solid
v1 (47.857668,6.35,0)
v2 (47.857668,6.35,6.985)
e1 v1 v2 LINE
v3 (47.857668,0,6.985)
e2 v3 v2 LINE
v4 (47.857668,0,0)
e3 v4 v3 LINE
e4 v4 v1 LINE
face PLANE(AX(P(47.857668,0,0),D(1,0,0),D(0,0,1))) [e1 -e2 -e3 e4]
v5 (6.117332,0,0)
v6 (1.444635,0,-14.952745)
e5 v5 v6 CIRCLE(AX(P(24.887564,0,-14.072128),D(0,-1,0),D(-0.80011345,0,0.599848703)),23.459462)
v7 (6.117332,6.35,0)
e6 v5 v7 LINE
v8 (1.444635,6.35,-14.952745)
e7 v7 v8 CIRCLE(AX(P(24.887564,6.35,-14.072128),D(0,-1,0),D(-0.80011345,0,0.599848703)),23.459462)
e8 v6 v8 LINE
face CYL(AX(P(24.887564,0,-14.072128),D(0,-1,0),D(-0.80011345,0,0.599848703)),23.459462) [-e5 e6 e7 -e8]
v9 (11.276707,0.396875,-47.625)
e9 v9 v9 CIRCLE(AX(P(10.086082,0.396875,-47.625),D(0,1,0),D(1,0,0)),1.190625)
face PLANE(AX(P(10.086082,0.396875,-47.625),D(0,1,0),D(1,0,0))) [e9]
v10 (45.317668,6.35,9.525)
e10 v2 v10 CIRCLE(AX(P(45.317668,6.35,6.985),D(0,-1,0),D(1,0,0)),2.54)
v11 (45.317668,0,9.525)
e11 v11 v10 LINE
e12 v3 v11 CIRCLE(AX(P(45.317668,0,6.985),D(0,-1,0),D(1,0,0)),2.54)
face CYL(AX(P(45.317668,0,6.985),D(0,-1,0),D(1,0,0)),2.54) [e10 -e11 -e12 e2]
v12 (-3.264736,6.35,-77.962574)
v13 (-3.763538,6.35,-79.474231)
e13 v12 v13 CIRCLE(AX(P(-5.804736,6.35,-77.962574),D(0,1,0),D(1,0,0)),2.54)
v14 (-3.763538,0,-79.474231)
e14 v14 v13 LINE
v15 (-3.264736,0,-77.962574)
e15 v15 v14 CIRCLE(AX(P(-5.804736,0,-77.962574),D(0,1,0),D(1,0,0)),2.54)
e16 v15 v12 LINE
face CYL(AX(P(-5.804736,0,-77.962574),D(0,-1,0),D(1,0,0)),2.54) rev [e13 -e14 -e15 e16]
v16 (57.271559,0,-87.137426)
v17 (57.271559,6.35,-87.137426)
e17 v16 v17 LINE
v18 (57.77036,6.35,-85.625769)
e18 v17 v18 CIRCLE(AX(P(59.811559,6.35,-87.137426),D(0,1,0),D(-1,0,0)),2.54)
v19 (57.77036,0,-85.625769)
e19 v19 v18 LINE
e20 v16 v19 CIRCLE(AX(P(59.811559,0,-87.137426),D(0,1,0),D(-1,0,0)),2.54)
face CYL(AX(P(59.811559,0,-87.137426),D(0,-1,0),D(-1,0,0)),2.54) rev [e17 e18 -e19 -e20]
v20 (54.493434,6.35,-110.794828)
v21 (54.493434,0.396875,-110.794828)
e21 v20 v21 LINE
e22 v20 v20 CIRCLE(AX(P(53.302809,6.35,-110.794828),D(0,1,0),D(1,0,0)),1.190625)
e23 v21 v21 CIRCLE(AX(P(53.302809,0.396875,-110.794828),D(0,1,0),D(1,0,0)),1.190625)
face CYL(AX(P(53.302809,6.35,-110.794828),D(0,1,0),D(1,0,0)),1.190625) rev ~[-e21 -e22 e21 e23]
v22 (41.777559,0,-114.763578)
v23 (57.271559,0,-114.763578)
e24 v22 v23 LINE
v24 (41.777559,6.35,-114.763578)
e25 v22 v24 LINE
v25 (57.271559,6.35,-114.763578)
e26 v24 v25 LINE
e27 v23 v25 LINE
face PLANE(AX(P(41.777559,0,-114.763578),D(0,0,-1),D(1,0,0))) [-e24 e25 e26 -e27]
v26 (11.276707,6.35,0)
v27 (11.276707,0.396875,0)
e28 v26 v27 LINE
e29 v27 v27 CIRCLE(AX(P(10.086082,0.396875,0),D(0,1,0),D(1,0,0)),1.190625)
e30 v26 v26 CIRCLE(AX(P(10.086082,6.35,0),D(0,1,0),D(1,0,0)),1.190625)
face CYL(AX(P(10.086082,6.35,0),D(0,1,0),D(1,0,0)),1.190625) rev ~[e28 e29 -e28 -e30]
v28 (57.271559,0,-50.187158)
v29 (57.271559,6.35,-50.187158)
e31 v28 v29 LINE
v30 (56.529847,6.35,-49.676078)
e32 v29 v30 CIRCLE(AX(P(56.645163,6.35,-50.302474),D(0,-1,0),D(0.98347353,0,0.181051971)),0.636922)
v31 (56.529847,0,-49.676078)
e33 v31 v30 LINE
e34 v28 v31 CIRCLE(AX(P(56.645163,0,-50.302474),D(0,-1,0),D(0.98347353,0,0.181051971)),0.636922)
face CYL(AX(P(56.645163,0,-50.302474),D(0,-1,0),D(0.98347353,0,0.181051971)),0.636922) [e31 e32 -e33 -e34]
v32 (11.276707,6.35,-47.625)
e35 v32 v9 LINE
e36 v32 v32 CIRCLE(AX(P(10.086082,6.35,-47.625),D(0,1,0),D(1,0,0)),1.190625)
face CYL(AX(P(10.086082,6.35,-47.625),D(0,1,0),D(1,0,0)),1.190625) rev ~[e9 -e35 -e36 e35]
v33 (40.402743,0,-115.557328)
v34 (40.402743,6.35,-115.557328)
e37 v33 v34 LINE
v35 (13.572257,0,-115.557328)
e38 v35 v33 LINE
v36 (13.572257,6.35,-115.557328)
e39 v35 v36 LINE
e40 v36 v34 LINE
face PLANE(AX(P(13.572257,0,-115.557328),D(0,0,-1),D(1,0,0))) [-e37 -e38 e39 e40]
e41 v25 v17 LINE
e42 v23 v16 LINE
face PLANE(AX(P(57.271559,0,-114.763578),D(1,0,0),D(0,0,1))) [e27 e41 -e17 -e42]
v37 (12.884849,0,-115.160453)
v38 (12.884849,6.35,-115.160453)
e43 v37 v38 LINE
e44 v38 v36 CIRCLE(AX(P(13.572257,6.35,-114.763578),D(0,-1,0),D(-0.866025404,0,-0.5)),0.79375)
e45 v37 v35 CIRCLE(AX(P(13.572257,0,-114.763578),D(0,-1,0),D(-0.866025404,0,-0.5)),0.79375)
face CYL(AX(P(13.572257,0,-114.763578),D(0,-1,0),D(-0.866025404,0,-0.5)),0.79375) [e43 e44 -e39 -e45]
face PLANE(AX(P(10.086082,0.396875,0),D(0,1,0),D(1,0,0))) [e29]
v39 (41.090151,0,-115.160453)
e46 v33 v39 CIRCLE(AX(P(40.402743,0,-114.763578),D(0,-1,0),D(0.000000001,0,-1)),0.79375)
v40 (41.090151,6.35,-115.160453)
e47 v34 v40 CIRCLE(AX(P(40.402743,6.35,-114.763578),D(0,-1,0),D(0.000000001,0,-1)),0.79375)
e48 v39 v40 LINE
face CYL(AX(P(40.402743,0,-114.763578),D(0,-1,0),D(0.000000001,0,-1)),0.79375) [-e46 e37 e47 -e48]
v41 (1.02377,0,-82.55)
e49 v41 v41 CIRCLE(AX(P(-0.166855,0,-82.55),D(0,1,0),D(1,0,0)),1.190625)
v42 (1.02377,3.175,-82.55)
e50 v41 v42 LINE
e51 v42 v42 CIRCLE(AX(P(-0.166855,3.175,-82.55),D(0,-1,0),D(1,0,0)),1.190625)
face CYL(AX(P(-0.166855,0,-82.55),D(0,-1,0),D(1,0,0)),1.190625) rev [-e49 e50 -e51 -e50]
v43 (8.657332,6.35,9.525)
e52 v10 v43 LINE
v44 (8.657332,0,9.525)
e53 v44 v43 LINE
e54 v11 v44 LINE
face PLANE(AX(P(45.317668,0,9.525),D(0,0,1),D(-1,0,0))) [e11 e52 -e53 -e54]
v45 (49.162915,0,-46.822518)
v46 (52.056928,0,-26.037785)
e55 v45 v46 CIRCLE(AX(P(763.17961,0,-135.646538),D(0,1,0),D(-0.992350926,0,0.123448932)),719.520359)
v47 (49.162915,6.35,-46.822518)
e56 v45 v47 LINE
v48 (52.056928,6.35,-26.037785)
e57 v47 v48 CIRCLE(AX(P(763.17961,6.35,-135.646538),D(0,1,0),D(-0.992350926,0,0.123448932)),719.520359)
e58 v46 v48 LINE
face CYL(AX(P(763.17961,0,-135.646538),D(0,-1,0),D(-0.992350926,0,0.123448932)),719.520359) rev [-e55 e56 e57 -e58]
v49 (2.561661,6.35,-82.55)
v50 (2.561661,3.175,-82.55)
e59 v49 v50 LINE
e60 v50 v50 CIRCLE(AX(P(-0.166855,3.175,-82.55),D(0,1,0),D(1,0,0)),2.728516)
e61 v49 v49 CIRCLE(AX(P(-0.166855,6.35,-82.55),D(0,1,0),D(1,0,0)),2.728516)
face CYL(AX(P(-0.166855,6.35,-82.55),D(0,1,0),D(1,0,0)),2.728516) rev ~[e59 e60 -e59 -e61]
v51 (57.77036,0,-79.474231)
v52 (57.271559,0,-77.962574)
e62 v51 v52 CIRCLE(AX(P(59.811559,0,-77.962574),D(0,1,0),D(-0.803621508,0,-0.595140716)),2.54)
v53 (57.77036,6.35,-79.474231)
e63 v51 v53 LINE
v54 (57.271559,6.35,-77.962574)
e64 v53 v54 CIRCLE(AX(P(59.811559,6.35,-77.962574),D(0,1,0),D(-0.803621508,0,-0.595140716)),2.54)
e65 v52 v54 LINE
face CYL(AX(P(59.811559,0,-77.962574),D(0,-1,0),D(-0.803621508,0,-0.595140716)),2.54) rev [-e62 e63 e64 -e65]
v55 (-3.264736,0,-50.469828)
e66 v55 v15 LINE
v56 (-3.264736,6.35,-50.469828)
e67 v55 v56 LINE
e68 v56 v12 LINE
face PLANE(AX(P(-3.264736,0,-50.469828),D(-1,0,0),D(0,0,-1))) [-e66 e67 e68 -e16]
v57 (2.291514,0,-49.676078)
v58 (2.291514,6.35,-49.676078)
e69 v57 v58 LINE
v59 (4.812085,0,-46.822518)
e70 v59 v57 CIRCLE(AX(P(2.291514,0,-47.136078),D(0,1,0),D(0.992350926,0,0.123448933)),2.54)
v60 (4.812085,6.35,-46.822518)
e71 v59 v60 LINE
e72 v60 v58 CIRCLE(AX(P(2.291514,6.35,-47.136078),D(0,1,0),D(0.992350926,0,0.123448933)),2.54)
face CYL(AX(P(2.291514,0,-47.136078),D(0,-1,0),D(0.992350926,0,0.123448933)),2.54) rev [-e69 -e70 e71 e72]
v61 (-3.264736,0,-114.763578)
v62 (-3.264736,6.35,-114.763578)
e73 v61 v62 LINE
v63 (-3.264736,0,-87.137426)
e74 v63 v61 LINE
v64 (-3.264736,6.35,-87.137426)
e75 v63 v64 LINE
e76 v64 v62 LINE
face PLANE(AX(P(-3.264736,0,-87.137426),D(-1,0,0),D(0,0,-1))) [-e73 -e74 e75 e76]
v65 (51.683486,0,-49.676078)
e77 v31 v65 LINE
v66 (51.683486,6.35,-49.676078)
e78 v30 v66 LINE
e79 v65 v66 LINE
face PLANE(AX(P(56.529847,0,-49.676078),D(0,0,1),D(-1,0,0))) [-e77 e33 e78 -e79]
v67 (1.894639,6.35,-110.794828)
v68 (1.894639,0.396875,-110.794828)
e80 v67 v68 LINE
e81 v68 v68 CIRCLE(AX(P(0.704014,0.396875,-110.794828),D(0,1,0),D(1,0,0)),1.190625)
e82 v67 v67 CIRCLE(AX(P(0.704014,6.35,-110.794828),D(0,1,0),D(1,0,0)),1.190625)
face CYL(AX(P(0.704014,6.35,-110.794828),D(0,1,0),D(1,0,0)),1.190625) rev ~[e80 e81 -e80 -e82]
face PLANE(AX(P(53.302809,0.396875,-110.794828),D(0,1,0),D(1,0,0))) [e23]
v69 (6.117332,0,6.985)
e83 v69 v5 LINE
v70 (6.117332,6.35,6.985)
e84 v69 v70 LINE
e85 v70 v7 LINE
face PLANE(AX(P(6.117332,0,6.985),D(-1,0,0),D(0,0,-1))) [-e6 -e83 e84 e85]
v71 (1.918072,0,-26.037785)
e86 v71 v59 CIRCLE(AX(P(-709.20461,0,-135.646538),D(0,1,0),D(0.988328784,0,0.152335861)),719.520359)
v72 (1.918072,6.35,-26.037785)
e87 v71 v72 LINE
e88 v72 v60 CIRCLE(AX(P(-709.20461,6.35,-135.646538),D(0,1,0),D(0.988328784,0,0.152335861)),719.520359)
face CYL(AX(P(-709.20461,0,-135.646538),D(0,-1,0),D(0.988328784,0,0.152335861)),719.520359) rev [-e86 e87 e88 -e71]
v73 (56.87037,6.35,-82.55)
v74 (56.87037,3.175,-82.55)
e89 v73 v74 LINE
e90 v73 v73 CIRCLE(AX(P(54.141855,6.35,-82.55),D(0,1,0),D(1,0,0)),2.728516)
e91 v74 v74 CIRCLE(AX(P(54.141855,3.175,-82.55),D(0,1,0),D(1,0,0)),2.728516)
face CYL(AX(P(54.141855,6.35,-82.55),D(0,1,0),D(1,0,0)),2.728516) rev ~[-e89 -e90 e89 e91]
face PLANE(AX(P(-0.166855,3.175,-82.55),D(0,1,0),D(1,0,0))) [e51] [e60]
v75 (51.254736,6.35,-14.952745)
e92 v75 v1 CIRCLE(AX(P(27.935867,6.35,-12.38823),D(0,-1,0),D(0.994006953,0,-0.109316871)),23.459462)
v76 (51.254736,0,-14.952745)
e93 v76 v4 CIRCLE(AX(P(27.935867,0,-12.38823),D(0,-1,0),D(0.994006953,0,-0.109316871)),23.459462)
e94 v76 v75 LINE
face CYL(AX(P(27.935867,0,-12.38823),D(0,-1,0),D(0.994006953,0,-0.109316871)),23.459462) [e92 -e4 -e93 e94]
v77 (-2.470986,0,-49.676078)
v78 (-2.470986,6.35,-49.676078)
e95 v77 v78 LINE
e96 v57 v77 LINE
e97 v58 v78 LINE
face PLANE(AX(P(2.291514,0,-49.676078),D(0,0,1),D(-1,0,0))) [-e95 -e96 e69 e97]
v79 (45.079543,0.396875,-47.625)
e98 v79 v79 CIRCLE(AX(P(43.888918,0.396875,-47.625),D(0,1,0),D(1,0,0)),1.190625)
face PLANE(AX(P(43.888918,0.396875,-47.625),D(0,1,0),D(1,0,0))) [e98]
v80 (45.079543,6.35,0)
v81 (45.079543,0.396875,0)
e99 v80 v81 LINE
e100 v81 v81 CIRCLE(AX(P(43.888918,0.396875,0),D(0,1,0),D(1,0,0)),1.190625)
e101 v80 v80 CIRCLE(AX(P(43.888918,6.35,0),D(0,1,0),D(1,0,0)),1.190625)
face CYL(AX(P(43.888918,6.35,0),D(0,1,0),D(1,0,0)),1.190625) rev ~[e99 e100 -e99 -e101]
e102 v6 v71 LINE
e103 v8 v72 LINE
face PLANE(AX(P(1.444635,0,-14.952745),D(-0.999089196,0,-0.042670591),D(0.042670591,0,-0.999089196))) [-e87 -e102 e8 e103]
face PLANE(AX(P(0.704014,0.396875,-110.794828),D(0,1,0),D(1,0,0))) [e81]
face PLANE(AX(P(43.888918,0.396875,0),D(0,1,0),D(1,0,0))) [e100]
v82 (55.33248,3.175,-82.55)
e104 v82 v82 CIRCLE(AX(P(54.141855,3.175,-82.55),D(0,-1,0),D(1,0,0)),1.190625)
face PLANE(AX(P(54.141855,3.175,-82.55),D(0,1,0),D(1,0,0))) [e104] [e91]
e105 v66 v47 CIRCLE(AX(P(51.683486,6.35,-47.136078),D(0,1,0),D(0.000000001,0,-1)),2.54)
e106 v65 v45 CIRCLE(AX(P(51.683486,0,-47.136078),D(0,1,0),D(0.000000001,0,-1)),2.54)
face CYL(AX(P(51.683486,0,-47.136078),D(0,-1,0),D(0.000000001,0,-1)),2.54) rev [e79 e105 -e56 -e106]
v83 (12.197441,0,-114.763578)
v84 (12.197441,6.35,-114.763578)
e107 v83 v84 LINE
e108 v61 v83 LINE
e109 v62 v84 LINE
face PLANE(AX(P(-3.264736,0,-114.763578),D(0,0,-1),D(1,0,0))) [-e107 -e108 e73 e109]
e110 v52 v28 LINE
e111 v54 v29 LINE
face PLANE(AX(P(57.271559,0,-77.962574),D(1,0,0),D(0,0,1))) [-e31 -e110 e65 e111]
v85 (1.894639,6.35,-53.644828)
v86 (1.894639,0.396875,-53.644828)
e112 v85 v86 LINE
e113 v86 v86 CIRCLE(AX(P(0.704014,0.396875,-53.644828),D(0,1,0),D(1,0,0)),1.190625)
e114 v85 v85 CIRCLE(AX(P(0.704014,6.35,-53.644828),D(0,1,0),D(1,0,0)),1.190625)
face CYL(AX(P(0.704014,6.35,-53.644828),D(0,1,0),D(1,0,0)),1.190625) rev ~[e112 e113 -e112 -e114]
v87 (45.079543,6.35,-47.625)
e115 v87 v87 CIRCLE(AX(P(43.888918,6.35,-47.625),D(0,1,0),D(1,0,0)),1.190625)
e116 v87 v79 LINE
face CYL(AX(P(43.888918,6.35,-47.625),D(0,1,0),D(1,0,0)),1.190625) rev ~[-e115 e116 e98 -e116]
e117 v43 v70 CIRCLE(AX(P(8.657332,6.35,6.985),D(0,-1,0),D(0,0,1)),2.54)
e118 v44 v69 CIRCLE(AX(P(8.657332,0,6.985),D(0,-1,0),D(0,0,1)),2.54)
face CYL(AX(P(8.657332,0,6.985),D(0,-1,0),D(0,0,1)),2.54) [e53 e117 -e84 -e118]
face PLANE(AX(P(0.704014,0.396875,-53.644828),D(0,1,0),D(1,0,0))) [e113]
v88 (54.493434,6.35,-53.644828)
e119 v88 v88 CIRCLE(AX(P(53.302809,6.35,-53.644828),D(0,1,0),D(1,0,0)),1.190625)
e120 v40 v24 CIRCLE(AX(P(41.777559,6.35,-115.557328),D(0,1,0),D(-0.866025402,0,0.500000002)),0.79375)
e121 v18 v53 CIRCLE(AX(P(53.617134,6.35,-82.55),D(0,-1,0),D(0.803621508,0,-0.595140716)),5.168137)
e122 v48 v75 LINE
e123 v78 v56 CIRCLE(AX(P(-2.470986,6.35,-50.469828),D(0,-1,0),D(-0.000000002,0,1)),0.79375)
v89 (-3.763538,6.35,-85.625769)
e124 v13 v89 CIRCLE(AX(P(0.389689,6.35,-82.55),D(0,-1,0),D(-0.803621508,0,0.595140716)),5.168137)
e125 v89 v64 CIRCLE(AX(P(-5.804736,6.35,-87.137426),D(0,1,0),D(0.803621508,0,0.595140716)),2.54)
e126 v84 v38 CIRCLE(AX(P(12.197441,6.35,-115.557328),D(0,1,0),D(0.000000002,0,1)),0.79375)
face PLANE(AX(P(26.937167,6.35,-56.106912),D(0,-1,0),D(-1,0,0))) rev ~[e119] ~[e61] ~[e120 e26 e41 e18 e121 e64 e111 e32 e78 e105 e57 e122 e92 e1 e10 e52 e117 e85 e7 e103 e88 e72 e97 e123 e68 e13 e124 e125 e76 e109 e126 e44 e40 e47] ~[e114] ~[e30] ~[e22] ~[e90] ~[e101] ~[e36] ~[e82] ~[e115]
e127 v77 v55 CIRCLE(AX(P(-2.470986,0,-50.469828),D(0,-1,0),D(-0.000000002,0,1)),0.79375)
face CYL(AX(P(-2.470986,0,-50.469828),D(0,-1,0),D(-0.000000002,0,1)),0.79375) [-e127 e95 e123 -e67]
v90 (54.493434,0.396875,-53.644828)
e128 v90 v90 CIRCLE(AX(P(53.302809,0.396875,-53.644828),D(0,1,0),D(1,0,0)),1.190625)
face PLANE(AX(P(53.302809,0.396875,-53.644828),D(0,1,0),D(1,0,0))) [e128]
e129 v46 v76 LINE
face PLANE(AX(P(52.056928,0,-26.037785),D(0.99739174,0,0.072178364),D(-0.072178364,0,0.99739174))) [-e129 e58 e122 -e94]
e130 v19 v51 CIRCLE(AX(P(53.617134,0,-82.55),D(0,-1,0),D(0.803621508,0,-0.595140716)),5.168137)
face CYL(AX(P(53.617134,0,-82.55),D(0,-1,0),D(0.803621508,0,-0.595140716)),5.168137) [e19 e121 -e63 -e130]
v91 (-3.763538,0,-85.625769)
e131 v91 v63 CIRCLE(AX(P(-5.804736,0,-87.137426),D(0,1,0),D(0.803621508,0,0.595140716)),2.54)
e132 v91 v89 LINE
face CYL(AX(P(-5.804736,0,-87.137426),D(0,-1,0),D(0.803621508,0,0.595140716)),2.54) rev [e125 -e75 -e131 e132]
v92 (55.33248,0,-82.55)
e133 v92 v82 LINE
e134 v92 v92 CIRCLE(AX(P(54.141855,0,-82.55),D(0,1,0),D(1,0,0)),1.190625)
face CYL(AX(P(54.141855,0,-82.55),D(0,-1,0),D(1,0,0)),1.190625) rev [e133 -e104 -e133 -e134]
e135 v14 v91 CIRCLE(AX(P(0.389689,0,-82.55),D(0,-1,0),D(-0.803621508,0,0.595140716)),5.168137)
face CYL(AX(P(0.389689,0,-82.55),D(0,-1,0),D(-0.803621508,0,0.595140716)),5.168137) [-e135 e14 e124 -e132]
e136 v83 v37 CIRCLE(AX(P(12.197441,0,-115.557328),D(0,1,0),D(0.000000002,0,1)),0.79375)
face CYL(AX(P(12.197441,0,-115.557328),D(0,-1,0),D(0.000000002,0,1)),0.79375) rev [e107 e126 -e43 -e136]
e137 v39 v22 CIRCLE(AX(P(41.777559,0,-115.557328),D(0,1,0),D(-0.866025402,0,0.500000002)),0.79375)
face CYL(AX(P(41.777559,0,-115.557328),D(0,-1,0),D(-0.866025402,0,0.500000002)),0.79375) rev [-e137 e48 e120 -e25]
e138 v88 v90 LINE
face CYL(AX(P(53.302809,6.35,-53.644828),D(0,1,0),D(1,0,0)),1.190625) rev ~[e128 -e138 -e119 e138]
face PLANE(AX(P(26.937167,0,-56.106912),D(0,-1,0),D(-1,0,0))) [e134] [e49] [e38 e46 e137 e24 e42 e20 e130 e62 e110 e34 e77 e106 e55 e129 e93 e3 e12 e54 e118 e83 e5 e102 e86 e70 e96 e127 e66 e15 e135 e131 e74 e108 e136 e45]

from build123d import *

# Parameters (mm, degrees)
SKETCH1_R           = 1.190625
BOSS_EXTRUDE1_DEPTH = 6.35
SKETCH2_R           = 1.190625
CUT_EXTRUDE1_DEPTH  = 5.953125
SKETCH3_R           = 2.728515752
CUT_EXTRUDE2_DEPTH  = 3.175


with BuildPart() as part:
    # Sketch1 → Boss-Extrude1 (new body)
    with BuildSketch(Plane(origin=(0, 0, 0), x_dir=(1, 0, 0), z_dir=(0, 1, 0))):
        with BuildLine():
            ThreePointArc((57.271558663, 87.137426409), (57.399480252, 86.341513261), (57.770360032, 85.625768991))
            ThreePointArc((57.770360032, 85.625768991), (58.78527106, 82.55), (57.770360032, 79.474231009))
            ThreePointArc((57.770360032, 79.474231009), (57.399480252, 78.758486739), (57.271558663, 77.962573591))
            Line((57.271558663, 77.962573591), (57.271558663, 50.187158197))
            ThreePointArc((57.271558663, 50.187158197), (57.006550783, 49.778004586), (56.529846621, 49.676078162))
            Line((56.529846621, 49.676078162), (52.561739328, 49.676078162))
            Line((52.561739328, 49.676078162), (51.683486492, 49.676078162))
            ThreePointArc((51.683486492, 49.676078162), (49.779800182, 48.817618657), (49.162915139, 46.822517874))
            ThreePointArc((49.162915139, 46.822517874), (50.534142833, 36.419600029), (52.056928392, 26.037784715))
            Line((52.056928392, 26.037784715), (51.254736023, 14.952744828))
            ThreePointArc((51.254736023, 14.952744828), (50.812383961, 7.190984278), (47.857667851, 0))
            Line((47.857667851, 0), (47.857667851, -6.985))
            ThreePointArc((47.857667851, -6.985), (47.113719075, -8.781051224), (45.317667851, -9.525))
            Line((45.317667851, -9.525), (8.657332149, -9.525))
            ThreePointArc((8.657332149, -9.525), (6.861280925, -8.781051224), (6.117332149, -6.985))
            Line((6.117332149, -6.985), (6.117332149, 0))
            ThreePointArc((6.117332149, 0), (2.495961134, 7.074805948), (1.444635194, 14.952744828))
            Line((1.444635194, 14.952744828), (1.918071608, 26.037784715))
            ThreePointArc((1.918071608, 26.037784715), (3.440857167, 36.419600029), (4.812084861, 46.822517874))
            ThreePointArc((4.812084861, 46.822517874), (4.195199818, 48.817618657), (2.291513508, 49.676078162))
            Line((2.291513508, 49.676078162), (-2.470986492, 49.676078162))
            ThreePointArc((-2.470986492, 49.676078162), (-3.032252499, 49.908562155), (-3.264736492, 50.469828162))
            Line((-3.264736492, 50.469828162), (-3.264736492, 77.962573591))
            ThreePointArc((-3.264736492, 77.962573591), (-3.392658081, 78.758486739), (-3.763537861, 79.474231009))
            ThreePointArc((-3.763537861, 79.474231009), (-4.778448889, 82.55), (-3.763537861, 85.625768991))
            ThreePointArc((-3.763537861, 85.625768991), (-3.392658081, 86.341513261), (-3.264736492, 87.137426409))
            Line((-3.264736492, 87.137426409), (-3.264736492, 114.763578162))
            Line((-3.264736492, 114.763578162), (12.197441337, 114.763578162))
            ThreePointArc((12.197441337, 114.763578162), (12.594316337, 114.869920498), (12.884849002, 115.160453162))
            ThreePointArc((12.884849002, 115.160453162), (13.175381666, 115.450985826), (13.572256666, 115.557328162))
            Line((13.572256666, 115.557328162), (40.402743334, 115.557328162))
            ThreePointArc((40.402743334, 115.557328162), (40.799618334, 115.450985826), (41.090150998, 115.160453162))
            ThreePointArc((41.090150998, 115.160453162), (41.380683663, 114.869920498), (41.777558663, 114.763578162))
            Line((41.777558663, 114.763578162), (57.271558663, 114.763578162))
            Line((57.271558663, 114.763578162), (57.271558663, 87.137426409))
        make_face()
        with Locations((54.141854512, 82.55)):
            Circle(SKETCH1_R, mode=Mode.SUBTRACT)
        with Locations((-0.166854512, 82.55)):
            Circle(SKETCH1_R, mode=Mode.SUBTRACT)
    extrude(amount=BOSS_EXTRUDE1_DEPTH)

    # Sketch2 → Cut-Extrude1 (cut)
    with BuildSketch(Plane(origin=(0, 6.35, 0), x_dir=(1, 0, 0), z_dir=(0, 1, 0))):
        with Locations((10.086082149, 0)):
            Circle(SKETCH2_R)
        with Locations((43.888917851, 0)):
            Circle(SKETCH2_R)
        with Locations((10.086082149, 47.625)):
            Circle(SKETCH2_R)
        with Locations((43.888917851, 47.625)):
            Circle(SKETCH2_R)
        with Locations((0.704013508, 53.644828162)):
            Circle(SKETCH2_R)
        with Locations((0.704013508, 110.794828162)):
            Circle(SKETCH2_R)
        with Locations((53.302808663, 53.644828162)):
            Circle(SKETCH2_R)
        with Locations((53.302808663, 110.794828162)):
            Circle(SKETCH2_R)
    extrude(amount=-CUT_EXTRUDE1_DEPTH, mode=Mode.SUBTRACT)

    # Sketch3 → Cut-Extrude2 (cut)
    with BuildSketch(Plane(origin=(0, 6.35, 0), x_dir=(1, 0, 0), z_dir=(0, 1, 0))):
        with Locations((-0.166854512, 82.55)):
            Circle(SKETCH3_R)
        with Locations((54.141854512, 82.55)):
            Circle(SKETCH3_R)
    extrude(amount=-CUT_EXTRUDE2_DEPTH, mode=Mode.SUBTRACT)


solid = part.part
